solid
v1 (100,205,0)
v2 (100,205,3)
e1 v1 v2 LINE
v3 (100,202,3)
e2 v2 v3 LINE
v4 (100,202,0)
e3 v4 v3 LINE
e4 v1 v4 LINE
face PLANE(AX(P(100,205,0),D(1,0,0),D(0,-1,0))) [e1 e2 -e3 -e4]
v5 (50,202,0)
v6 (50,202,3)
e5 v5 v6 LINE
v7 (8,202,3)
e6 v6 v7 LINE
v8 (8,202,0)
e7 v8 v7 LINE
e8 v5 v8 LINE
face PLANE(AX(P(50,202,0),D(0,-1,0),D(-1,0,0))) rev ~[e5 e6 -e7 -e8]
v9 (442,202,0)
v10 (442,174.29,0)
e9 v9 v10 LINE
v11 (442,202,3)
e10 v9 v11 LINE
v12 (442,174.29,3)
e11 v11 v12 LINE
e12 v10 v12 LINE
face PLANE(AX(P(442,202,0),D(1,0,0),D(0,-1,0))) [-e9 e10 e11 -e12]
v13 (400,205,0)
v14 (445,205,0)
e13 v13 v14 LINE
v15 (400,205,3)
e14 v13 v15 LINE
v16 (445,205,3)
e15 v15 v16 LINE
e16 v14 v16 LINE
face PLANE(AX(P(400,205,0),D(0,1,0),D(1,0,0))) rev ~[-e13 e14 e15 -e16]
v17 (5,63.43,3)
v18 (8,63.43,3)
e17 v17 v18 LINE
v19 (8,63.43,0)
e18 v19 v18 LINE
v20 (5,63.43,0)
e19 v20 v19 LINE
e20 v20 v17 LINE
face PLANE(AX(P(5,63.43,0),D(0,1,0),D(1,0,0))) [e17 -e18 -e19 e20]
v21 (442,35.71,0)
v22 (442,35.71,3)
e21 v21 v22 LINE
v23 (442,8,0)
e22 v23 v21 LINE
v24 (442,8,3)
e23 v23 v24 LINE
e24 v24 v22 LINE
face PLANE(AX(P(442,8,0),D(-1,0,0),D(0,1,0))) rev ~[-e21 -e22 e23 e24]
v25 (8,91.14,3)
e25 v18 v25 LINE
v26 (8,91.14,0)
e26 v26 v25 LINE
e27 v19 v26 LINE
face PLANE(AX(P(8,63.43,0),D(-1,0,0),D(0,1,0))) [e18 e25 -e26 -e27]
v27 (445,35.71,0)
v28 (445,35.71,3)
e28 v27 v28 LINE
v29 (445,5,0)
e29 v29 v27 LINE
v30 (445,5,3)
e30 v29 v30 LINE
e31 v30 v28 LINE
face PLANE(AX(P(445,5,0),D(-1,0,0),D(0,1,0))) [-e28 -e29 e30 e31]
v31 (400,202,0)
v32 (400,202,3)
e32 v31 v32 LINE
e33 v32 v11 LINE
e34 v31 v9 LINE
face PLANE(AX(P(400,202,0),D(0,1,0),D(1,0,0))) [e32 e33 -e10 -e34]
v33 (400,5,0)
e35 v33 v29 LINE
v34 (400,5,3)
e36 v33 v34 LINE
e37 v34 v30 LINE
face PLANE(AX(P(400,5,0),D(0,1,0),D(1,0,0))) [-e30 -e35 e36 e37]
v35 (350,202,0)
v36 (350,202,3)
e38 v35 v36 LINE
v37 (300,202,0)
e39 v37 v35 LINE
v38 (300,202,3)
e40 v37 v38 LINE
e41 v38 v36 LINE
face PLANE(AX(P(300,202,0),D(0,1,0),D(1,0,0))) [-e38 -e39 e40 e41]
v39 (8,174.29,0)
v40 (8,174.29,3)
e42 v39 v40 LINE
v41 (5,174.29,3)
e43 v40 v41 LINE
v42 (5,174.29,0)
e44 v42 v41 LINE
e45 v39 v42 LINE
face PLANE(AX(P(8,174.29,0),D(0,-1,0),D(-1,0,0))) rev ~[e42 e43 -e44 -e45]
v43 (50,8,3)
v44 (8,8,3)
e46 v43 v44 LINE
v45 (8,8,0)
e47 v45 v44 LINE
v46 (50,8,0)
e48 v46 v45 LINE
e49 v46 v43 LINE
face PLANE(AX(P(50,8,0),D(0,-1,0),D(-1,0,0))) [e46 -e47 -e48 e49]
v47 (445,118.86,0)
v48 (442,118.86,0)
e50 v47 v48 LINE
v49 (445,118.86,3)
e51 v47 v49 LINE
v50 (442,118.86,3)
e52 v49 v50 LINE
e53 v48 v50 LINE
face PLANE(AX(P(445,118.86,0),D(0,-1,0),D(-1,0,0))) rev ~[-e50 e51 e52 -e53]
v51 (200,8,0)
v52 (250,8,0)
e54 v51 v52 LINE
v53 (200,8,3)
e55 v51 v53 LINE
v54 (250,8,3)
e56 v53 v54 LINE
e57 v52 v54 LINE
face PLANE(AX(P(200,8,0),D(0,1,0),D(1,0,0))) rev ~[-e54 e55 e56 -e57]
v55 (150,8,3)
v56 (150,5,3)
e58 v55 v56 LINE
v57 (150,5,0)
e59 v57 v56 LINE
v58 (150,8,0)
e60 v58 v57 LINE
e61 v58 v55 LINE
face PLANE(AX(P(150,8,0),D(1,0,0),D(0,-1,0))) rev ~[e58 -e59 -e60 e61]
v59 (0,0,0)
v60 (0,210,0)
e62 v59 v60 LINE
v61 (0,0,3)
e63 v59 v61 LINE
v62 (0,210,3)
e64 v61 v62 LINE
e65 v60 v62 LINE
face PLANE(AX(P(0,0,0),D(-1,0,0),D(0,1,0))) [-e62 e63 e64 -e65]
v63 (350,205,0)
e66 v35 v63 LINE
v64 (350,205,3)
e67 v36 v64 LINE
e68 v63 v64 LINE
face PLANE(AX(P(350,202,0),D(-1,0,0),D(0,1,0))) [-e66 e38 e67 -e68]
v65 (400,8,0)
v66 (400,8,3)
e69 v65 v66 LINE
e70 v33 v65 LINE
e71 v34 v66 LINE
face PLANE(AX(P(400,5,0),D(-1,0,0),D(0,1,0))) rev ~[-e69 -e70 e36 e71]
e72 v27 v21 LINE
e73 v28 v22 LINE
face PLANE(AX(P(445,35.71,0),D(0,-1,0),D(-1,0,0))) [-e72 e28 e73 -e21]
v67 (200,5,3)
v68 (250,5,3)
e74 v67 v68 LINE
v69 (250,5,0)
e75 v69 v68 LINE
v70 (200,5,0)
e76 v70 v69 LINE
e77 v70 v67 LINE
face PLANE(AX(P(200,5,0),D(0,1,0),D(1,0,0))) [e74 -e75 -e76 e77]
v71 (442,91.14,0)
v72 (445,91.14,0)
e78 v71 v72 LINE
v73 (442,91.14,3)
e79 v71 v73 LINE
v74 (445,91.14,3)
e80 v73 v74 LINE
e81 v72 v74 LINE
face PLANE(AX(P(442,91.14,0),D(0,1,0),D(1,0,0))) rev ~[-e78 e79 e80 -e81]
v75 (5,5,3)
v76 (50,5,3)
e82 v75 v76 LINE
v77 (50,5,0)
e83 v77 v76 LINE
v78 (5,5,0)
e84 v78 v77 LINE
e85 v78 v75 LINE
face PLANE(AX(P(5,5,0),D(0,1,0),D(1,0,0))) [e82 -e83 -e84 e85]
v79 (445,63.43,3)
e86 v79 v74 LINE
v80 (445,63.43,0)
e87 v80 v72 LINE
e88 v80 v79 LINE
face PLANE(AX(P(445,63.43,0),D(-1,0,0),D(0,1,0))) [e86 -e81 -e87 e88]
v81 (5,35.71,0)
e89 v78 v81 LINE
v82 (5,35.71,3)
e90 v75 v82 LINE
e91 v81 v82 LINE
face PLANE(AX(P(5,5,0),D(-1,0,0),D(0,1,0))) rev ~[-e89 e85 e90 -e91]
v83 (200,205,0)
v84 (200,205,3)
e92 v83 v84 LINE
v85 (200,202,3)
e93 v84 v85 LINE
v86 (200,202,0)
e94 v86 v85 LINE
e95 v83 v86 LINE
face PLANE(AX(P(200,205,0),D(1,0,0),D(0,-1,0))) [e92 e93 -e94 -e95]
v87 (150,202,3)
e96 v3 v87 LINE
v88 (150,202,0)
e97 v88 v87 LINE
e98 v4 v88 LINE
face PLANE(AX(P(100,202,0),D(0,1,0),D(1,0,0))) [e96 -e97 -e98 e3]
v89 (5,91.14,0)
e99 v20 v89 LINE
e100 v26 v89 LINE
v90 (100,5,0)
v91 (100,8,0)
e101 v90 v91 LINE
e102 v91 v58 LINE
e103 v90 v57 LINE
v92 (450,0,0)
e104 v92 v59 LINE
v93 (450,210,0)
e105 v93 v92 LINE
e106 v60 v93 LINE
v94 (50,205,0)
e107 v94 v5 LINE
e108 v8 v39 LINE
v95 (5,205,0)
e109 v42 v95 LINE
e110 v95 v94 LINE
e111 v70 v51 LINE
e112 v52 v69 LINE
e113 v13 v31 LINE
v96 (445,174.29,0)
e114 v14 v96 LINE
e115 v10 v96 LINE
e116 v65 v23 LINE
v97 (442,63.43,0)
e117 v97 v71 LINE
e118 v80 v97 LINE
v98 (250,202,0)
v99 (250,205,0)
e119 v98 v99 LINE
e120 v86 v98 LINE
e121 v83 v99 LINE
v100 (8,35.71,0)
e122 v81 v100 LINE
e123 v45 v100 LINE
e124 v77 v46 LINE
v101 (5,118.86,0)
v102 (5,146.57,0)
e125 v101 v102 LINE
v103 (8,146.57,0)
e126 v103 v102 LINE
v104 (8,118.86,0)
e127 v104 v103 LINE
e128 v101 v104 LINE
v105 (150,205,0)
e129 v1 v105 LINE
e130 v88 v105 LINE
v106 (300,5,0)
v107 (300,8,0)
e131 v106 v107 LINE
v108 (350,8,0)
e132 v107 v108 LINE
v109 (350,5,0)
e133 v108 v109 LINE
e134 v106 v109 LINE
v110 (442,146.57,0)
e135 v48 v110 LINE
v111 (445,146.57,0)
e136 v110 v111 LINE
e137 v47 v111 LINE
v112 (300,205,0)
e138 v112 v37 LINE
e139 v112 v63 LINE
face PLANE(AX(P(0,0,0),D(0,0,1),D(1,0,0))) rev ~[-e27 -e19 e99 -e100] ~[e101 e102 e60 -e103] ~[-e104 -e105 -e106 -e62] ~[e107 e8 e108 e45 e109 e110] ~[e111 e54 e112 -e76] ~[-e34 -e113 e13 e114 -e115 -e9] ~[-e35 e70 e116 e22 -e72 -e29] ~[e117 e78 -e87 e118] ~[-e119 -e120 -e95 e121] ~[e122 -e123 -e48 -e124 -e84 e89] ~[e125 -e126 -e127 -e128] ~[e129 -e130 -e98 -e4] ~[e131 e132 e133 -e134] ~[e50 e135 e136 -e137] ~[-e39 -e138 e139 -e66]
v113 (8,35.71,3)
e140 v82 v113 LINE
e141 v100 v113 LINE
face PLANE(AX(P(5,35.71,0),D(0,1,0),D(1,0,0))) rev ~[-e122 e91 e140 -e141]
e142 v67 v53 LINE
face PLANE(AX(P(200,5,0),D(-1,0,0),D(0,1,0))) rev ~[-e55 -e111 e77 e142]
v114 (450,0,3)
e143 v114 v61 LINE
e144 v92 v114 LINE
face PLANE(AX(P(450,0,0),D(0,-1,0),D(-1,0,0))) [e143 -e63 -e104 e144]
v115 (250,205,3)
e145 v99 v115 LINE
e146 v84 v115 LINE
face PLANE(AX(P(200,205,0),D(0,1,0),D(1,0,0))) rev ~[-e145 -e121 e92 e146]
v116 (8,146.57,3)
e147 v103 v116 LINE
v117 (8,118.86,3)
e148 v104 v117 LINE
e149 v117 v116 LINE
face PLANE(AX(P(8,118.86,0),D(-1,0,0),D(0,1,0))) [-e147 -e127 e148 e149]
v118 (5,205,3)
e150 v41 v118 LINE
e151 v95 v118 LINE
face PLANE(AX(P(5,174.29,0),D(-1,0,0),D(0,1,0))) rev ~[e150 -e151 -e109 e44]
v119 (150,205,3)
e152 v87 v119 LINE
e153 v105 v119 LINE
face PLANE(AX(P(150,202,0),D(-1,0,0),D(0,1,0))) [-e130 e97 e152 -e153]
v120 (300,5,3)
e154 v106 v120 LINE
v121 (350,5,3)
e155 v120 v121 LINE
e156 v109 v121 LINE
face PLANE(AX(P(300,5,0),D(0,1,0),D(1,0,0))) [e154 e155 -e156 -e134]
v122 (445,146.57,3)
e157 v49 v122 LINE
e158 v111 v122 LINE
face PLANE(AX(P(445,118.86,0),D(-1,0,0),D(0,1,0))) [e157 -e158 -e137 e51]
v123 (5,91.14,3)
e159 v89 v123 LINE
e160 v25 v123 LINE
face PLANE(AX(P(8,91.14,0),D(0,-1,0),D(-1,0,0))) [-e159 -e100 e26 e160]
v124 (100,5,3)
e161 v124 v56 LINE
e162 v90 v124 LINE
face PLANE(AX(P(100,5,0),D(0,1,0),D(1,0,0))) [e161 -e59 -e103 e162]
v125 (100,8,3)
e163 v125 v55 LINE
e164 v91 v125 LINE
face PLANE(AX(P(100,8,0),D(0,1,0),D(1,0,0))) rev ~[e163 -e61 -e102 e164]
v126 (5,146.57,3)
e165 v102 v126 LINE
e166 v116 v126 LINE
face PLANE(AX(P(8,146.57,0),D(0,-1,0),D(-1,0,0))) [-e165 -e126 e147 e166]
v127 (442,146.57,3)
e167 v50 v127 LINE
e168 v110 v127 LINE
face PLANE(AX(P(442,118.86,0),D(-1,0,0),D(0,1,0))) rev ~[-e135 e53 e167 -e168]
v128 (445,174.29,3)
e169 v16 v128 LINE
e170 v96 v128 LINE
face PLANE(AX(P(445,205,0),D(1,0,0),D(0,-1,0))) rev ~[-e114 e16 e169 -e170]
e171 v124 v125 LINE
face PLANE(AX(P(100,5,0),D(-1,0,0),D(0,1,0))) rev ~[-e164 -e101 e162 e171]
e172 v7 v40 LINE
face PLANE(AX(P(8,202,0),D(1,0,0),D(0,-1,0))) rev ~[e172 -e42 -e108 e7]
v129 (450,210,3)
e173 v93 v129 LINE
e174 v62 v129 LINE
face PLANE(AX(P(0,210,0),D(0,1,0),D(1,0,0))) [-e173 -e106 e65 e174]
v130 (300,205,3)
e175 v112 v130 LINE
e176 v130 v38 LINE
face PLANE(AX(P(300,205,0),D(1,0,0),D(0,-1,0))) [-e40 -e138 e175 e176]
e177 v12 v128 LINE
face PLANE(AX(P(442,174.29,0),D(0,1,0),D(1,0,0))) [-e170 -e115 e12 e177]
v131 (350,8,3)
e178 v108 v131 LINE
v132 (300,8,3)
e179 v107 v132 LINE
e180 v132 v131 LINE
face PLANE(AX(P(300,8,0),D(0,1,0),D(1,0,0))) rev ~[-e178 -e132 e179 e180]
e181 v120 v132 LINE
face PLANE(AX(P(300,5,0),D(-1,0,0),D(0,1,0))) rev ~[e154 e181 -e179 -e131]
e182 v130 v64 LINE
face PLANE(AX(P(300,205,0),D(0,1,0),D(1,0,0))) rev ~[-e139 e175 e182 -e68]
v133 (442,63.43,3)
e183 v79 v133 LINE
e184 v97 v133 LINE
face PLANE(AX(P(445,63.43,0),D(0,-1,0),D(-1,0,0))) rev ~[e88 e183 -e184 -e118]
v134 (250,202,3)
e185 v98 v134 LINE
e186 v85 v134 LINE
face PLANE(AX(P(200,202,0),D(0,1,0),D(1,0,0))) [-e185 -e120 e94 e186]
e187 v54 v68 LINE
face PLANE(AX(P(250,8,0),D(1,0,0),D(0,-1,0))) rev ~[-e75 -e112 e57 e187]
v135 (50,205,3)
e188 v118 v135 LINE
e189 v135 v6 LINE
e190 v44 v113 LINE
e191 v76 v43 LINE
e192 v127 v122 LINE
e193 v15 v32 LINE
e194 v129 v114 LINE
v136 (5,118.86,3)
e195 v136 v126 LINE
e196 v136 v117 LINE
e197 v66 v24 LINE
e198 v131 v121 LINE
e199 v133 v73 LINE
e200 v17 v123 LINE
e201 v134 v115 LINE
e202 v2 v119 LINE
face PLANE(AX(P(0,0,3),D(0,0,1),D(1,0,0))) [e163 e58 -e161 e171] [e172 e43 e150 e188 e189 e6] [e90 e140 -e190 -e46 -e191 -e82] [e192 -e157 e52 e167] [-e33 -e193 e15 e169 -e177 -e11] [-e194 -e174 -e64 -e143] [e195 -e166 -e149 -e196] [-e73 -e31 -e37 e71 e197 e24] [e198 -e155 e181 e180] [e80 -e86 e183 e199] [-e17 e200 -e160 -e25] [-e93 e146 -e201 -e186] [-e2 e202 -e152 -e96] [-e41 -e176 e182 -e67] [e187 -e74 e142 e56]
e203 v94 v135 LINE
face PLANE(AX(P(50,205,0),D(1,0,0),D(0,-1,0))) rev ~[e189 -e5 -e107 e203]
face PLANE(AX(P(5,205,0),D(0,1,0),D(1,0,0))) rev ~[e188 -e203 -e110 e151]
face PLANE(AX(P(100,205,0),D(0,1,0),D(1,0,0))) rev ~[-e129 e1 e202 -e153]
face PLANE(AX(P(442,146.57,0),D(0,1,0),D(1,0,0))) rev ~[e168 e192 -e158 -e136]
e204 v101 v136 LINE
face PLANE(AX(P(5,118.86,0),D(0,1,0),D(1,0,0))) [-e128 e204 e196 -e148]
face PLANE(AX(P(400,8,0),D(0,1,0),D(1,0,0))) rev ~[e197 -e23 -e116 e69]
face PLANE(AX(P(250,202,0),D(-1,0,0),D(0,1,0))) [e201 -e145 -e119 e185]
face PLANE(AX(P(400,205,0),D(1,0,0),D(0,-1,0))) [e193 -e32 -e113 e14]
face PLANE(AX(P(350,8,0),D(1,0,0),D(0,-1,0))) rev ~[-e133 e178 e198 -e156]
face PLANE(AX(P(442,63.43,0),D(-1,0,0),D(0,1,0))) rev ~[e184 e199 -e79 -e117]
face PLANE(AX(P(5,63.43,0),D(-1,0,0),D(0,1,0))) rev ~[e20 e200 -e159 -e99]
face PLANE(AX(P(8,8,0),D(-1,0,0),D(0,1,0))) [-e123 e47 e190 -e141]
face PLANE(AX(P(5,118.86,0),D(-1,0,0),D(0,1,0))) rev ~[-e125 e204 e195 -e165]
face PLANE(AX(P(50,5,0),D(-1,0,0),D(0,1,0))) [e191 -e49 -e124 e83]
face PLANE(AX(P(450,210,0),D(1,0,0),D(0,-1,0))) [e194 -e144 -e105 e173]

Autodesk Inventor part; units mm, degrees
ref_plane "YZ Plane" through (0, 0, 0) normal (1, 0, 0) x (0, 1, 0)
ref_plane "XZ Plane" through (0, 0, 0) normal (0, 1, 0) x (-1, 0, 0)
ref_plane "XY Plane" through (0, 0, 0) normal (0, 0, 1) x (1, 0, 0)
sketch "Boceto1" plane through (0, 0, 0) normal (0, 0, 1) x (1, 0, 0)
  line L0 (0, 0) -> (0, 210)
  line L1 (0, 210) -> (450, 210)
  line L2 (450, 210) -> (450, 0)
  line L3 (450, 0) -> (0, 0)
  line L4 (5, 5) -> (50, 5)
  line L5 (50, 5) -> (50, 8)
  line L6 (5, 5) -> (5, 35.71)
  line L7 (5, 35.71) -> (8, 35.71)
  line L8 (50, 8) -> (8, 8)
  line L9 (8, 8) -> (8, 35.71)
  line L10 (5, 63.43) -> (5, 91.14)
  line L11 (5, 118.86) -> (5, 146.57)
  line L12 (5, 174.29) -> (5, 205)
  line L13 (5, 63.43) -> (8, 63.43)
  line L14 (8, 63.43) -> (8, 91.14)
  line L15 (8, 91.14) -> (5, 91.14)
  line L16 (5, 118.86) -> (8, 118.86)
  line L17 (8, 118.86) -> (8, 146.57)
  line L18 (8, 146.57) -> (5, 146.57)
  line L19 (5, 205) -> (50, 205)
  line L20 (50, 205) -> (50, 202)
  line L21 (50, 202) -> (8, 202)
  line L22 (8, 202) -> (8, 174.29)
  line L23 (8, 174.29) -> (5, 174.29)
  line L24 (100, 205) -> (150, 205)
  line L25 (200, 205) -> (250, 205)
  line L26 (300, 205) -> (350, 205)
  line L27 (400, 205) -> (445, 205)
  line L28 (100, 205) -> (100, 202)
  line L29 (100, 202) -> (150, 202)
  line L30 (150, 202) -> (150, 205)
  line L31 (200, 205) -> (200, 202)
  line L32 (200, 202) -> (250, 202)
  line L33 (250, 202) -> (250, 205)
  line L34 (300, 205) -> (300, 202)
  line L35 (300, 202) -> (350, 202)
  line L36 (350, 202) -> (350, 205)
  line L37 (445, 205) -> (445, 174.29)
  line L38 (400, 205) -> (400, 202)
  line L39 (400, 202) -> (442, 202)
  line L40 (442, 202) -> (442, 174.29)
  line L41 (442, 174.29) -> (445, 174.29)
  line L42 (100, 5) -> (150, 5)
  line L43 (200, 5) -> (250, 5)
  line L44 (300, 5) -> (350, 5)
  line L45 (400, 5) -> (445, 5)
  line L46 (100, 5) -> (100, 8)
  line L47 (100, 8) -> (150, 8)
  line L48 (150, 8) -> (150, 5)
  line L49 (200, 5) -> (200, 8)
  line L50 (200, 8) -> (250, 8)
  line L51 (250, 8) -> (250, 5)
  line L52 (300, 5) -> (300, 8)
  line L53 (300, 8) -> (350, 8)
  line L54 (350, 8) -> (350, 5)
  line L55 (445, 5) -> (445, 35.71)
  line L56 (445, 35.71) -> (442, 35.71)
  line L57 (400, 5) -> (400, 8)
  line L58 (400, 8) -> (442, 8)
  line L59 (442, 8) -> (442, 35.71)
  line L60 (445, 63.43) -> (445, 91.14)
  line L61 (445, 118.86) -> (445, 146.57)
  line L62 (445, 63.43) -> (442, 63.43)
  line L63 (442, 63.43) -> (442, 91.14)
  line L64 (442, 91.14) -> (445, 91.14)
  line L65 (445, 118.86) -> (442, 118.86)
  line L66 (442, 118.86) -> (442, 146.57)
  line L67 (442, 146.57) -> (445, 146.57)
  dimension "d0" = 210
  dimension "d1" = 450
  dimension "d2" = 210
  dimension "d3" = 45
  dimension "d4" = 3
  dimension "d5" = 30.71
  dimension "d7" = 42
  dimension "d8" = 3
  dimension "d9" = 27.72
  dimension "d10" = 27.71
  dimension "d11" = 27.72
  dimension "d12" = 27.71
  dimension "d13" = 27.72
  dimension "d14" = 30.71
  dimension "d15" = 3
  dimension "d16" = 27.71
  dimension "d17" = 3
  dimension "d18" = 27.71
  dimension "d19" = 45
  dimension "d20" = 3
  dimension "d21" = 42
  dimension "d22" = 50
  dimension "d23" = 50
  dimension "d24" = 50
  dimension "d25" = 50
  dimension "d26" = 50
  dimension "d27" = 50
  dimension "d28" = 50
  dimension "d29" = 45
  dimension "d31" = 3
  dimension "d32" = 50
  dimension "d33" = 3
  dimension "d34" = 50
  dimension "d35" = 3
  dimension "d36" = 50
  dimension "d37" = 30.71
  dimension "d38" = 3
  dimension "d39" = 42
  dimension "d40" = 50
  dimension "d41" = 50
  dimension "d42" = 50
  dimension "d43" = 50
  dimension "d44" = 50
  dimension "d45" = 50
  dimension "d46" = 50
  dimension "d47" = 45
  dimension "d51" = 3
  dimension "d52" = 50
  dimension "d53" = 3
  dimension "d54" = 50
  dimension "d55" = 3
  dimension "d56" = 50
  dimension "d57" = 30.71
  dimension "d58" = 3
  dimension "d59" = 3
  dimension "d60" = 27.72
  dimension "d61" = 27.71
  dimension "d62" = 27.72
  dimension "d63" = 27.71
  dimension "d64" = 3
  dimension "d65" = 3
  dimension "d69" = 5
  dimension "d71" = 5
  dimension "d72" = 5
extrude "Extrusión1" add sketch "Boceto1" along normal blind 3
properties part number "Cara frontal 2" material "Madera (cerezo)"
